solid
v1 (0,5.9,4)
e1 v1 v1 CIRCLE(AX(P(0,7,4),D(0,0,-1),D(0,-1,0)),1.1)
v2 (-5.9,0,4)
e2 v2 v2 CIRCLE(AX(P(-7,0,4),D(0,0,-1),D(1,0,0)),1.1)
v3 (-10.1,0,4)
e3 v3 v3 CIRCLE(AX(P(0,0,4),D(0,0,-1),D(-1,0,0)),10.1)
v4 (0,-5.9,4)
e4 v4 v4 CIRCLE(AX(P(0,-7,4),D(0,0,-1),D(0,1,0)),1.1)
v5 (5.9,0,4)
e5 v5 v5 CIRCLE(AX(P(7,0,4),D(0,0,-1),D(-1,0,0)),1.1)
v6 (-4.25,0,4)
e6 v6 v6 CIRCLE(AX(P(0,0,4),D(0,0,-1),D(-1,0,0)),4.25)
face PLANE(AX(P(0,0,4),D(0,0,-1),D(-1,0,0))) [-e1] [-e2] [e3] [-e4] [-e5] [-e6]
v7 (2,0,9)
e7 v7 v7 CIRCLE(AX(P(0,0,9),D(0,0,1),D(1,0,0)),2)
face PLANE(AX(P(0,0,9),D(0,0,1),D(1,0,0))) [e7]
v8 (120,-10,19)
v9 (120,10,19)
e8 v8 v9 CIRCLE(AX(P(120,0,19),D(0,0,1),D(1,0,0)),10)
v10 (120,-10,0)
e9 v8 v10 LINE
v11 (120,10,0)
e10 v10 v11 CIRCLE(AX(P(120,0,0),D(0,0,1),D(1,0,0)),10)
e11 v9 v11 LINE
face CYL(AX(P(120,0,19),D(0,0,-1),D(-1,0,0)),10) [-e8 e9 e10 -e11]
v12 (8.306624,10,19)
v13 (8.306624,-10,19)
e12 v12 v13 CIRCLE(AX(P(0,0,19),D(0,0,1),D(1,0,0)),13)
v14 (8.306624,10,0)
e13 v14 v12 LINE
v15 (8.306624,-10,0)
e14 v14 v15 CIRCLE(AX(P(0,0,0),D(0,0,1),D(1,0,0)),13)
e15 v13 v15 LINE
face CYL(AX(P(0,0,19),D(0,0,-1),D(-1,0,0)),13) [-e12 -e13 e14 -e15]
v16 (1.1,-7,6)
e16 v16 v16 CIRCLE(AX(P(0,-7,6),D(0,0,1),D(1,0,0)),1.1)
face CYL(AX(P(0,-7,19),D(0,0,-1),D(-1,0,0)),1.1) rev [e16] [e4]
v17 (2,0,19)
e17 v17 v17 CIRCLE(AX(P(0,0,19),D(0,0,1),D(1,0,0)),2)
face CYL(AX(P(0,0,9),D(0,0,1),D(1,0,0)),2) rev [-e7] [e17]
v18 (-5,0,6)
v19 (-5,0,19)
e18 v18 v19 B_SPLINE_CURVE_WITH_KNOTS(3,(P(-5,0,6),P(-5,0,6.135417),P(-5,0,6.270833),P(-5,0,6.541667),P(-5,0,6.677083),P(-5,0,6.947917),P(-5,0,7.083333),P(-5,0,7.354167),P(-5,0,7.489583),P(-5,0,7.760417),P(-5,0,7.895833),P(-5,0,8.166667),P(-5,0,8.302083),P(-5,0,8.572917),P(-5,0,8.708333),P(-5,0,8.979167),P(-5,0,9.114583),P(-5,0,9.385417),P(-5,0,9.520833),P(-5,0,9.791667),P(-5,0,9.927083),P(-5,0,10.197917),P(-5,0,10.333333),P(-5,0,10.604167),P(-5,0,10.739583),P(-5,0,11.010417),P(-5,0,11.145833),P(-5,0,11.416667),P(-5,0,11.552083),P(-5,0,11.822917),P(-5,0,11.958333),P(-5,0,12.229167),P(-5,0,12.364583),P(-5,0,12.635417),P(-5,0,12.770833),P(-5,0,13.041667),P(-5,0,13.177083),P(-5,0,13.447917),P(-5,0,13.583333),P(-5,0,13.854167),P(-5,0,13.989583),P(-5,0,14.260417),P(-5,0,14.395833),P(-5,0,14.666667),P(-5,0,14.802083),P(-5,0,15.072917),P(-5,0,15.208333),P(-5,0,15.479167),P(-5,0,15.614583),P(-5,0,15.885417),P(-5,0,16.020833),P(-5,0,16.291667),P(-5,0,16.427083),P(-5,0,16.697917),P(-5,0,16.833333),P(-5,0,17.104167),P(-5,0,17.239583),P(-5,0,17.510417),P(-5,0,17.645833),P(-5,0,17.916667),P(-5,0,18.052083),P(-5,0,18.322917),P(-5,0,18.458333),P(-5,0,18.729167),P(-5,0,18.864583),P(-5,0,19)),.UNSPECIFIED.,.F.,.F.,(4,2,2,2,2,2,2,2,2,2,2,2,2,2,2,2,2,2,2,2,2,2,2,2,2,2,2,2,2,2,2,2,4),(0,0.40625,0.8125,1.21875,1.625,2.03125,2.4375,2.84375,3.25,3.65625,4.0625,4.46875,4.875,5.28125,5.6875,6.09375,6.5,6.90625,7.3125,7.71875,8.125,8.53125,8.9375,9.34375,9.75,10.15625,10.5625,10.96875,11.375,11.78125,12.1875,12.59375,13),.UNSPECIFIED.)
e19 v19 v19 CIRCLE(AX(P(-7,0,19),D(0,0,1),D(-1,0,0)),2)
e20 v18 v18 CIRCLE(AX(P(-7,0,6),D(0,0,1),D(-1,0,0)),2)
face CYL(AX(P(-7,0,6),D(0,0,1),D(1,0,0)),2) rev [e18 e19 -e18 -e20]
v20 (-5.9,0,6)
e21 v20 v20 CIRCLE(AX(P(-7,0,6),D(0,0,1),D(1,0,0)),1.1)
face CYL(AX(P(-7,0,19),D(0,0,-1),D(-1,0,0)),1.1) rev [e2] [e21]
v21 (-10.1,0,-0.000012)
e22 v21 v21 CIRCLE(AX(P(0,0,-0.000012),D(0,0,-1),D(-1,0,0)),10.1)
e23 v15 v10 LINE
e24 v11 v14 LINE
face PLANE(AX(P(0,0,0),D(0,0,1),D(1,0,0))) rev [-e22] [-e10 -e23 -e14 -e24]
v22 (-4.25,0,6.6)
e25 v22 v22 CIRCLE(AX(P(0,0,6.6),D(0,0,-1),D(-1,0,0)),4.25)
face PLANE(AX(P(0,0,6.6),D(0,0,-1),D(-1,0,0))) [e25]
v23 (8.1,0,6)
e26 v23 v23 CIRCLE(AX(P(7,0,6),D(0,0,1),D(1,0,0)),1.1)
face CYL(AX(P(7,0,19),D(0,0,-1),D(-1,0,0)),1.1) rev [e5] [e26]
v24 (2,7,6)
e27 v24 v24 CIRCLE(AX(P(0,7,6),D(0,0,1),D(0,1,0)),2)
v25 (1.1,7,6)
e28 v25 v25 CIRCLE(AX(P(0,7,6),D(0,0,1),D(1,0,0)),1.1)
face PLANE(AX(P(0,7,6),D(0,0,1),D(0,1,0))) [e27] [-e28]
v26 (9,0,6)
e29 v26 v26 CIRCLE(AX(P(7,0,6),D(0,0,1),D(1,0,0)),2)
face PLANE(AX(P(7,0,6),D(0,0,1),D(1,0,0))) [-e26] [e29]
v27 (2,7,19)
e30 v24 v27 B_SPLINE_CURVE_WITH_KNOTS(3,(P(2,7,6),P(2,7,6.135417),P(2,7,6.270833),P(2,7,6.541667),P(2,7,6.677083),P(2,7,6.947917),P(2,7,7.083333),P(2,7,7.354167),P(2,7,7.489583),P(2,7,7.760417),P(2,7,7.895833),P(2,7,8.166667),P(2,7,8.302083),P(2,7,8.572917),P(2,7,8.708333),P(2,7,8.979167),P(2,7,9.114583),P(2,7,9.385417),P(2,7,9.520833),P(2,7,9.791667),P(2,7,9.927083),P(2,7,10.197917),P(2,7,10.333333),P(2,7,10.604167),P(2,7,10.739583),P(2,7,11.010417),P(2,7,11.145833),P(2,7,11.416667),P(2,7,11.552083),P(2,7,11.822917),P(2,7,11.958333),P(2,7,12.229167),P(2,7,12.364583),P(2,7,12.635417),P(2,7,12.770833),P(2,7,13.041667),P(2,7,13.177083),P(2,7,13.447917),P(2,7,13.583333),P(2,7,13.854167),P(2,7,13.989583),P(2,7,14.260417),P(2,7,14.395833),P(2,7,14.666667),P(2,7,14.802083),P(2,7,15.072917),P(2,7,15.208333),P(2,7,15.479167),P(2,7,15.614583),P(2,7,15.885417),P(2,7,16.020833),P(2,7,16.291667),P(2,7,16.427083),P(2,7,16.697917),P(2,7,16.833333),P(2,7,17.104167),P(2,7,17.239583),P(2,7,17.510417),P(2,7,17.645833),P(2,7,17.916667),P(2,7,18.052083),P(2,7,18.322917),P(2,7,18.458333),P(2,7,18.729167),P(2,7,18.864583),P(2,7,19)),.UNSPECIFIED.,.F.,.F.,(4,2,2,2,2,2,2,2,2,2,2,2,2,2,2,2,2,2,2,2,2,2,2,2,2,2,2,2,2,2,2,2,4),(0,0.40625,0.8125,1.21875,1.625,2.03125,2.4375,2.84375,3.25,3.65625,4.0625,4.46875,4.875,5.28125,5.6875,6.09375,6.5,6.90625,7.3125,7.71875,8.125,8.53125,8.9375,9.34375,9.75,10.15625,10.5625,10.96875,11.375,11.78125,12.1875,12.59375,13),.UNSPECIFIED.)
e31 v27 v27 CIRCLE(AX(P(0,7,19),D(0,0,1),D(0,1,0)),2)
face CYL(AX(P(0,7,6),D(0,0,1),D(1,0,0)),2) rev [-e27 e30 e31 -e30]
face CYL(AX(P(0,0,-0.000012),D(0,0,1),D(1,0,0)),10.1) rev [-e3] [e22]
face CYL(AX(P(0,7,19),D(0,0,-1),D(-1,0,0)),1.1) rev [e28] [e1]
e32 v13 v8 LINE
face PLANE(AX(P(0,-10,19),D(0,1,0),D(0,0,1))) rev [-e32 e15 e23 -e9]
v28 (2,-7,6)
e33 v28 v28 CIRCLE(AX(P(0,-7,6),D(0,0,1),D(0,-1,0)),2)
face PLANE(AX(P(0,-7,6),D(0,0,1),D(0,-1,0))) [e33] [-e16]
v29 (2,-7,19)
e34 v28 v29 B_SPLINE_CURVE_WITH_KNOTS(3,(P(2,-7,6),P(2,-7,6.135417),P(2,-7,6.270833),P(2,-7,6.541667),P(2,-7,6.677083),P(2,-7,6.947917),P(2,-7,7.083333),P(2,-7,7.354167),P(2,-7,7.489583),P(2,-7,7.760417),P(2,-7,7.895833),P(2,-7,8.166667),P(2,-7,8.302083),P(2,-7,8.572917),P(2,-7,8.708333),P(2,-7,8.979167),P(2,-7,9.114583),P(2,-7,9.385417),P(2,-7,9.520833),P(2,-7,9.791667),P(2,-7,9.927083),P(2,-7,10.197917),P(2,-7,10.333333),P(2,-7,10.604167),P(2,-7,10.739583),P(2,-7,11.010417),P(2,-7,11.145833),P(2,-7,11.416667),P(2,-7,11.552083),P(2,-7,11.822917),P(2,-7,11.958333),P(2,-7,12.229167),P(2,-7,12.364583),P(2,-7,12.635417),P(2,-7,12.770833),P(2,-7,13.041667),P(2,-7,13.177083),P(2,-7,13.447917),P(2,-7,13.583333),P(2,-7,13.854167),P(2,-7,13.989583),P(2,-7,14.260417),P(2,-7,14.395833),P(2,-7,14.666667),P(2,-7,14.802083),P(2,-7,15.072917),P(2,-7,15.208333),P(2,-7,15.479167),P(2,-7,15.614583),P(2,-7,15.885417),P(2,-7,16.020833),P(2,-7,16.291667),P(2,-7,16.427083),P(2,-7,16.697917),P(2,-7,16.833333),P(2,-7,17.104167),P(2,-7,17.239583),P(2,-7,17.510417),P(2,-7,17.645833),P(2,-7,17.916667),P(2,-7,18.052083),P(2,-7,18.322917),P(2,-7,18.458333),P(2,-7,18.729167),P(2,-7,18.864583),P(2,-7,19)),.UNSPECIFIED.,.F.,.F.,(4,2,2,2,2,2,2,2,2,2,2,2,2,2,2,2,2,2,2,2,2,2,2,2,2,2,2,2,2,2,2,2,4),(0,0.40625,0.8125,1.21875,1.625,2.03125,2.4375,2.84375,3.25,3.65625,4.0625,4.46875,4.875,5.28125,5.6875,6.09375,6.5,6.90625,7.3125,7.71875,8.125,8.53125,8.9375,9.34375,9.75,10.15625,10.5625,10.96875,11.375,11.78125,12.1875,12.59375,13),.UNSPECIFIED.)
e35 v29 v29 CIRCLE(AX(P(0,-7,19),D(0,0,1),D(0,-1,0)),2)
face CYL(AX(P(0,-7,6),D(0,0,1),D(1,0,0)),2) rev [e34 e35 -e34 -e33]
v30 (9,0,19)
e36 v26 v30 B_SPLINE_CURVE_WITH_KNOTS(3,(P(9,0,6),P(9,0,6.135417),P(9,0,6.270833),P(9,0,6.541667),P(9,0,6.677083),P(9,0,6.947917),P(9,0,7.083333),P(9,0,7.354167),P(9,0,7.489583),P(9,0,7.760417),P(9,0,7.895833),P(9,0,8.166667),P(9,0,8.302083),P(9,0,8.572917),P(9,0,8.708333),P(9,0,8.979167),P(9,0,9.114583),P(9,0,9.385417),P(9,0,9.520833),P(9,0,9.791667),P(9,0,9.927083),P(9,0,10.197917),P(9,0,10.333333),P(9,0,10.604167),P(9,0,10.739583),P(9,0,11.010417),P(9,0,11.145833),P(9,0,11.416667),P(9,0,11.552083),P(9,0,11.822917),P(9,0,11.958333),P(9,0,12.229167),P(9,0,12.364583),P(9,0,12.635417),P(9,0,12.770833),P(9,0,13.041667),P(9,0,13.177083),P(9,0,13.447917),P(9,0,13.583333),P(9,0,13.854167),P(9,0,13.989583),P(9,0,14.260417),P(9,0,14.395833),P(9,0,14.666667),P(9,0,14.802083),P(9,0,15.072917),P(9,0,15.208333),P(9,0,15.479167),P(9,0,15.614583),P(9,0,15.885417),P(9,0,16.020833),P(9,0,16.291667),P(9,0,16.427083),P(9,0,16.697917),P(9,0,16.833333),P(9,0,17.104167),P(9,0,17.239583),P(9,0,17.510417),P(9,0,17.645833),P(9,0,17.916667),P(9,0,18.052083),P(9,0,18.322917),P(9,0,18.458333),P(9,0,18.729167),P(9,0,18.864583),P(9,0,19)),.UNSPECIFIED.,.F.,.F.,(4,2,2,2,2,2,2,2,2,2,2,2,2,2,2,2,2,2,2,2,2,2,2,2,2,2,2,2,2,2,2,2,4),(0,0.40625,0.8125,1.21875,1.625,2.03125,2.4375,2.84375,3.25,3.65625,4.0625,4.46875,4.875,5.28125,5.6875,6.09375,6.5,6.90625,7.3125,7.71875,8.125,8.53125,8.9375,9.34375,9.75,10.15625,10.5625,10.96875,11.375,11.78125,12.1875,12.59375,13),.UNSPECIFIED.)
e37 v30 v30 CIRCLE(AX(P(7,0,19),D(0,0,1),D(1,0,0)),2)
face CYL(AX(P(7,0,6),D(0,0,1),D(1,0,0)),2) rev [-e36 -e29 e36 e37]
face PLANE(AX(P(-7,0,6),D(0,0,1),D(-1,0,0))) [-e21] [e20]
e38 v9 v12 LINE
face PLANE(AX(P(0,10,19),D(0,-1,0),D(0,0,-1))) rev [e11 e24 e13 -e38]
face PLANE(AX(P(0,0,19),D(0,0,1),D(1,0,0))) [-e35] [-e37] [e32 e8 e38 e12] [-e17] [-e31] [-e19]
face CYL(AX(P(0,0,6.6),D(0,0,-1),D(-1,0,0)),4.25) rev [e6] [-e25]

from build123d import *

# Parameters (mm, degrees)
SKETCH1_R               = 13
ELBOW_BOSS_DEPTH        = 19
BAR_DEPTH               = 19
CUT_EXTRUDE1_DEPTH      = 133.022725317
CUT_EXTRUDE1_DEPTH_BACK = 4
SKETCH3_R               = 10.1
SKETCH4_R               = 4.25
CUT_EXTRUDE2_DEPTH      = 2.6
SKETCH5_R               = 2
CUT_EXTRUDE3_DEPTH      = 10
SKETCH6_R               = 2
CUT_EXTRUDE4_DEPTH      = 13
SKETCH7_R               = 1.1
CUT_EXTRUDE5_DEPTH      = 132.506653824
CIRPATTERN1_COUNT       = 4


with BuildPart() as part:
    # Sketch1 → Elbow Boss (new body)
    with BuildSketch(Plane.XY):
        Circle(SKETCH1_R)
    extrude(amount=ELBOW_BOSS_DEPTH)

    # Sketch2 → Bar (add)
    with BuildSketch(Plane.XY):
        with BuildLine():
            Line((0, 10), (120, 10))
            ThreePointArc((120, 10), (130, 0), (120, -10))
            Line((120, -10), (0, -10))
            ThreePointArc((0, -10), (-10, 0), (0, 10))
        make_face()
    extrude(amount=BAR_DEPTH)

    # Sketch3 → Cut-Extrude1 (cut, two sides: drawn at the far end of the back side and taken through both)
    with BuildSketch(Plane(origin=(0, 0, 0), x_dir=(-1, 0, 0), z_dir=(0, 0, -1)).offset(-CUT_EXTRUDE1_DEPTH_BACK)):
        Circle(SKETCH3_R)
    extrude(amount=CUT_EXTRUDE1_DEPTH + CUT_EXTRUDE1_DEPTH_BACK, mode=Mode.SUBTRACT)

    # Sketch4 → Cut-Extrude2 (cut)
    with BuildSketch(Plane(origin=(0, 0, 4), x_dir=(-1, 0, 0), z_dir=(0, 0, -1))):
        Circle(SKETCH4_R)
    extrude(amount=-CUT_EXTRUDE2_DEPTH, mode=Mode.SUBTRACT)

    # Sketch5 → Cut-Extrude3 (cut)
    with BuildSketch(Plane.XY.offset(19)):
        Circle(SKETCH5_R)
    extrude(amount=-CUT_EXTRUDE3_DEPTH, mode=Mode.SUBTRACT)

    # Sketch6 → Cut-Extrude4 (cut)
    with BuildSketch(Plane.XY.offset(19)):
        with Locations((7, 0)):
            Circle(SKETCH6_R)
    cut_extrude4 = extrude(amount=-CUT_EXTRUDE4_DEPTH, mode=Mode.SUBTRACT)

    # Sketch7 → Cut-Extrude5 (cut, through all)
    with BuildSketch(Plane(origin=(0, 0, 4), x_dir=(-1, 0, 0), z_dir=(0, 0, -1))):
        with Locations((-7, 0)):
            Circle(SKETCH7_R)
    cut_extrude5 = extrude(amount=-CUT_EXTRUDE5_DEPTH, mode=Mode.SUBTRACT)

    # CirPattern1: Cut-Extrude4, Cut-Extrude5 ×4 about axis
    cirpattern1_axis = Axis((0, 0, 9), (0, 0, 1))
    add([cut_extrude4.rotate(cirpattern1_axis, i * 360 / CIRPATTERN1_COUNT) for i in range(1, CIRPATTERN1_COUNT)], mode=Mode.SUBTRACT)
    add([cut_extrude5.rotate(cirpattern1_axis, i * 360 / CIRPATTERN1_COUNT) for i in range(1, CIRPATTERN1_COUNT)], mode=Mode.SUBTRACT)


solid = part.part
